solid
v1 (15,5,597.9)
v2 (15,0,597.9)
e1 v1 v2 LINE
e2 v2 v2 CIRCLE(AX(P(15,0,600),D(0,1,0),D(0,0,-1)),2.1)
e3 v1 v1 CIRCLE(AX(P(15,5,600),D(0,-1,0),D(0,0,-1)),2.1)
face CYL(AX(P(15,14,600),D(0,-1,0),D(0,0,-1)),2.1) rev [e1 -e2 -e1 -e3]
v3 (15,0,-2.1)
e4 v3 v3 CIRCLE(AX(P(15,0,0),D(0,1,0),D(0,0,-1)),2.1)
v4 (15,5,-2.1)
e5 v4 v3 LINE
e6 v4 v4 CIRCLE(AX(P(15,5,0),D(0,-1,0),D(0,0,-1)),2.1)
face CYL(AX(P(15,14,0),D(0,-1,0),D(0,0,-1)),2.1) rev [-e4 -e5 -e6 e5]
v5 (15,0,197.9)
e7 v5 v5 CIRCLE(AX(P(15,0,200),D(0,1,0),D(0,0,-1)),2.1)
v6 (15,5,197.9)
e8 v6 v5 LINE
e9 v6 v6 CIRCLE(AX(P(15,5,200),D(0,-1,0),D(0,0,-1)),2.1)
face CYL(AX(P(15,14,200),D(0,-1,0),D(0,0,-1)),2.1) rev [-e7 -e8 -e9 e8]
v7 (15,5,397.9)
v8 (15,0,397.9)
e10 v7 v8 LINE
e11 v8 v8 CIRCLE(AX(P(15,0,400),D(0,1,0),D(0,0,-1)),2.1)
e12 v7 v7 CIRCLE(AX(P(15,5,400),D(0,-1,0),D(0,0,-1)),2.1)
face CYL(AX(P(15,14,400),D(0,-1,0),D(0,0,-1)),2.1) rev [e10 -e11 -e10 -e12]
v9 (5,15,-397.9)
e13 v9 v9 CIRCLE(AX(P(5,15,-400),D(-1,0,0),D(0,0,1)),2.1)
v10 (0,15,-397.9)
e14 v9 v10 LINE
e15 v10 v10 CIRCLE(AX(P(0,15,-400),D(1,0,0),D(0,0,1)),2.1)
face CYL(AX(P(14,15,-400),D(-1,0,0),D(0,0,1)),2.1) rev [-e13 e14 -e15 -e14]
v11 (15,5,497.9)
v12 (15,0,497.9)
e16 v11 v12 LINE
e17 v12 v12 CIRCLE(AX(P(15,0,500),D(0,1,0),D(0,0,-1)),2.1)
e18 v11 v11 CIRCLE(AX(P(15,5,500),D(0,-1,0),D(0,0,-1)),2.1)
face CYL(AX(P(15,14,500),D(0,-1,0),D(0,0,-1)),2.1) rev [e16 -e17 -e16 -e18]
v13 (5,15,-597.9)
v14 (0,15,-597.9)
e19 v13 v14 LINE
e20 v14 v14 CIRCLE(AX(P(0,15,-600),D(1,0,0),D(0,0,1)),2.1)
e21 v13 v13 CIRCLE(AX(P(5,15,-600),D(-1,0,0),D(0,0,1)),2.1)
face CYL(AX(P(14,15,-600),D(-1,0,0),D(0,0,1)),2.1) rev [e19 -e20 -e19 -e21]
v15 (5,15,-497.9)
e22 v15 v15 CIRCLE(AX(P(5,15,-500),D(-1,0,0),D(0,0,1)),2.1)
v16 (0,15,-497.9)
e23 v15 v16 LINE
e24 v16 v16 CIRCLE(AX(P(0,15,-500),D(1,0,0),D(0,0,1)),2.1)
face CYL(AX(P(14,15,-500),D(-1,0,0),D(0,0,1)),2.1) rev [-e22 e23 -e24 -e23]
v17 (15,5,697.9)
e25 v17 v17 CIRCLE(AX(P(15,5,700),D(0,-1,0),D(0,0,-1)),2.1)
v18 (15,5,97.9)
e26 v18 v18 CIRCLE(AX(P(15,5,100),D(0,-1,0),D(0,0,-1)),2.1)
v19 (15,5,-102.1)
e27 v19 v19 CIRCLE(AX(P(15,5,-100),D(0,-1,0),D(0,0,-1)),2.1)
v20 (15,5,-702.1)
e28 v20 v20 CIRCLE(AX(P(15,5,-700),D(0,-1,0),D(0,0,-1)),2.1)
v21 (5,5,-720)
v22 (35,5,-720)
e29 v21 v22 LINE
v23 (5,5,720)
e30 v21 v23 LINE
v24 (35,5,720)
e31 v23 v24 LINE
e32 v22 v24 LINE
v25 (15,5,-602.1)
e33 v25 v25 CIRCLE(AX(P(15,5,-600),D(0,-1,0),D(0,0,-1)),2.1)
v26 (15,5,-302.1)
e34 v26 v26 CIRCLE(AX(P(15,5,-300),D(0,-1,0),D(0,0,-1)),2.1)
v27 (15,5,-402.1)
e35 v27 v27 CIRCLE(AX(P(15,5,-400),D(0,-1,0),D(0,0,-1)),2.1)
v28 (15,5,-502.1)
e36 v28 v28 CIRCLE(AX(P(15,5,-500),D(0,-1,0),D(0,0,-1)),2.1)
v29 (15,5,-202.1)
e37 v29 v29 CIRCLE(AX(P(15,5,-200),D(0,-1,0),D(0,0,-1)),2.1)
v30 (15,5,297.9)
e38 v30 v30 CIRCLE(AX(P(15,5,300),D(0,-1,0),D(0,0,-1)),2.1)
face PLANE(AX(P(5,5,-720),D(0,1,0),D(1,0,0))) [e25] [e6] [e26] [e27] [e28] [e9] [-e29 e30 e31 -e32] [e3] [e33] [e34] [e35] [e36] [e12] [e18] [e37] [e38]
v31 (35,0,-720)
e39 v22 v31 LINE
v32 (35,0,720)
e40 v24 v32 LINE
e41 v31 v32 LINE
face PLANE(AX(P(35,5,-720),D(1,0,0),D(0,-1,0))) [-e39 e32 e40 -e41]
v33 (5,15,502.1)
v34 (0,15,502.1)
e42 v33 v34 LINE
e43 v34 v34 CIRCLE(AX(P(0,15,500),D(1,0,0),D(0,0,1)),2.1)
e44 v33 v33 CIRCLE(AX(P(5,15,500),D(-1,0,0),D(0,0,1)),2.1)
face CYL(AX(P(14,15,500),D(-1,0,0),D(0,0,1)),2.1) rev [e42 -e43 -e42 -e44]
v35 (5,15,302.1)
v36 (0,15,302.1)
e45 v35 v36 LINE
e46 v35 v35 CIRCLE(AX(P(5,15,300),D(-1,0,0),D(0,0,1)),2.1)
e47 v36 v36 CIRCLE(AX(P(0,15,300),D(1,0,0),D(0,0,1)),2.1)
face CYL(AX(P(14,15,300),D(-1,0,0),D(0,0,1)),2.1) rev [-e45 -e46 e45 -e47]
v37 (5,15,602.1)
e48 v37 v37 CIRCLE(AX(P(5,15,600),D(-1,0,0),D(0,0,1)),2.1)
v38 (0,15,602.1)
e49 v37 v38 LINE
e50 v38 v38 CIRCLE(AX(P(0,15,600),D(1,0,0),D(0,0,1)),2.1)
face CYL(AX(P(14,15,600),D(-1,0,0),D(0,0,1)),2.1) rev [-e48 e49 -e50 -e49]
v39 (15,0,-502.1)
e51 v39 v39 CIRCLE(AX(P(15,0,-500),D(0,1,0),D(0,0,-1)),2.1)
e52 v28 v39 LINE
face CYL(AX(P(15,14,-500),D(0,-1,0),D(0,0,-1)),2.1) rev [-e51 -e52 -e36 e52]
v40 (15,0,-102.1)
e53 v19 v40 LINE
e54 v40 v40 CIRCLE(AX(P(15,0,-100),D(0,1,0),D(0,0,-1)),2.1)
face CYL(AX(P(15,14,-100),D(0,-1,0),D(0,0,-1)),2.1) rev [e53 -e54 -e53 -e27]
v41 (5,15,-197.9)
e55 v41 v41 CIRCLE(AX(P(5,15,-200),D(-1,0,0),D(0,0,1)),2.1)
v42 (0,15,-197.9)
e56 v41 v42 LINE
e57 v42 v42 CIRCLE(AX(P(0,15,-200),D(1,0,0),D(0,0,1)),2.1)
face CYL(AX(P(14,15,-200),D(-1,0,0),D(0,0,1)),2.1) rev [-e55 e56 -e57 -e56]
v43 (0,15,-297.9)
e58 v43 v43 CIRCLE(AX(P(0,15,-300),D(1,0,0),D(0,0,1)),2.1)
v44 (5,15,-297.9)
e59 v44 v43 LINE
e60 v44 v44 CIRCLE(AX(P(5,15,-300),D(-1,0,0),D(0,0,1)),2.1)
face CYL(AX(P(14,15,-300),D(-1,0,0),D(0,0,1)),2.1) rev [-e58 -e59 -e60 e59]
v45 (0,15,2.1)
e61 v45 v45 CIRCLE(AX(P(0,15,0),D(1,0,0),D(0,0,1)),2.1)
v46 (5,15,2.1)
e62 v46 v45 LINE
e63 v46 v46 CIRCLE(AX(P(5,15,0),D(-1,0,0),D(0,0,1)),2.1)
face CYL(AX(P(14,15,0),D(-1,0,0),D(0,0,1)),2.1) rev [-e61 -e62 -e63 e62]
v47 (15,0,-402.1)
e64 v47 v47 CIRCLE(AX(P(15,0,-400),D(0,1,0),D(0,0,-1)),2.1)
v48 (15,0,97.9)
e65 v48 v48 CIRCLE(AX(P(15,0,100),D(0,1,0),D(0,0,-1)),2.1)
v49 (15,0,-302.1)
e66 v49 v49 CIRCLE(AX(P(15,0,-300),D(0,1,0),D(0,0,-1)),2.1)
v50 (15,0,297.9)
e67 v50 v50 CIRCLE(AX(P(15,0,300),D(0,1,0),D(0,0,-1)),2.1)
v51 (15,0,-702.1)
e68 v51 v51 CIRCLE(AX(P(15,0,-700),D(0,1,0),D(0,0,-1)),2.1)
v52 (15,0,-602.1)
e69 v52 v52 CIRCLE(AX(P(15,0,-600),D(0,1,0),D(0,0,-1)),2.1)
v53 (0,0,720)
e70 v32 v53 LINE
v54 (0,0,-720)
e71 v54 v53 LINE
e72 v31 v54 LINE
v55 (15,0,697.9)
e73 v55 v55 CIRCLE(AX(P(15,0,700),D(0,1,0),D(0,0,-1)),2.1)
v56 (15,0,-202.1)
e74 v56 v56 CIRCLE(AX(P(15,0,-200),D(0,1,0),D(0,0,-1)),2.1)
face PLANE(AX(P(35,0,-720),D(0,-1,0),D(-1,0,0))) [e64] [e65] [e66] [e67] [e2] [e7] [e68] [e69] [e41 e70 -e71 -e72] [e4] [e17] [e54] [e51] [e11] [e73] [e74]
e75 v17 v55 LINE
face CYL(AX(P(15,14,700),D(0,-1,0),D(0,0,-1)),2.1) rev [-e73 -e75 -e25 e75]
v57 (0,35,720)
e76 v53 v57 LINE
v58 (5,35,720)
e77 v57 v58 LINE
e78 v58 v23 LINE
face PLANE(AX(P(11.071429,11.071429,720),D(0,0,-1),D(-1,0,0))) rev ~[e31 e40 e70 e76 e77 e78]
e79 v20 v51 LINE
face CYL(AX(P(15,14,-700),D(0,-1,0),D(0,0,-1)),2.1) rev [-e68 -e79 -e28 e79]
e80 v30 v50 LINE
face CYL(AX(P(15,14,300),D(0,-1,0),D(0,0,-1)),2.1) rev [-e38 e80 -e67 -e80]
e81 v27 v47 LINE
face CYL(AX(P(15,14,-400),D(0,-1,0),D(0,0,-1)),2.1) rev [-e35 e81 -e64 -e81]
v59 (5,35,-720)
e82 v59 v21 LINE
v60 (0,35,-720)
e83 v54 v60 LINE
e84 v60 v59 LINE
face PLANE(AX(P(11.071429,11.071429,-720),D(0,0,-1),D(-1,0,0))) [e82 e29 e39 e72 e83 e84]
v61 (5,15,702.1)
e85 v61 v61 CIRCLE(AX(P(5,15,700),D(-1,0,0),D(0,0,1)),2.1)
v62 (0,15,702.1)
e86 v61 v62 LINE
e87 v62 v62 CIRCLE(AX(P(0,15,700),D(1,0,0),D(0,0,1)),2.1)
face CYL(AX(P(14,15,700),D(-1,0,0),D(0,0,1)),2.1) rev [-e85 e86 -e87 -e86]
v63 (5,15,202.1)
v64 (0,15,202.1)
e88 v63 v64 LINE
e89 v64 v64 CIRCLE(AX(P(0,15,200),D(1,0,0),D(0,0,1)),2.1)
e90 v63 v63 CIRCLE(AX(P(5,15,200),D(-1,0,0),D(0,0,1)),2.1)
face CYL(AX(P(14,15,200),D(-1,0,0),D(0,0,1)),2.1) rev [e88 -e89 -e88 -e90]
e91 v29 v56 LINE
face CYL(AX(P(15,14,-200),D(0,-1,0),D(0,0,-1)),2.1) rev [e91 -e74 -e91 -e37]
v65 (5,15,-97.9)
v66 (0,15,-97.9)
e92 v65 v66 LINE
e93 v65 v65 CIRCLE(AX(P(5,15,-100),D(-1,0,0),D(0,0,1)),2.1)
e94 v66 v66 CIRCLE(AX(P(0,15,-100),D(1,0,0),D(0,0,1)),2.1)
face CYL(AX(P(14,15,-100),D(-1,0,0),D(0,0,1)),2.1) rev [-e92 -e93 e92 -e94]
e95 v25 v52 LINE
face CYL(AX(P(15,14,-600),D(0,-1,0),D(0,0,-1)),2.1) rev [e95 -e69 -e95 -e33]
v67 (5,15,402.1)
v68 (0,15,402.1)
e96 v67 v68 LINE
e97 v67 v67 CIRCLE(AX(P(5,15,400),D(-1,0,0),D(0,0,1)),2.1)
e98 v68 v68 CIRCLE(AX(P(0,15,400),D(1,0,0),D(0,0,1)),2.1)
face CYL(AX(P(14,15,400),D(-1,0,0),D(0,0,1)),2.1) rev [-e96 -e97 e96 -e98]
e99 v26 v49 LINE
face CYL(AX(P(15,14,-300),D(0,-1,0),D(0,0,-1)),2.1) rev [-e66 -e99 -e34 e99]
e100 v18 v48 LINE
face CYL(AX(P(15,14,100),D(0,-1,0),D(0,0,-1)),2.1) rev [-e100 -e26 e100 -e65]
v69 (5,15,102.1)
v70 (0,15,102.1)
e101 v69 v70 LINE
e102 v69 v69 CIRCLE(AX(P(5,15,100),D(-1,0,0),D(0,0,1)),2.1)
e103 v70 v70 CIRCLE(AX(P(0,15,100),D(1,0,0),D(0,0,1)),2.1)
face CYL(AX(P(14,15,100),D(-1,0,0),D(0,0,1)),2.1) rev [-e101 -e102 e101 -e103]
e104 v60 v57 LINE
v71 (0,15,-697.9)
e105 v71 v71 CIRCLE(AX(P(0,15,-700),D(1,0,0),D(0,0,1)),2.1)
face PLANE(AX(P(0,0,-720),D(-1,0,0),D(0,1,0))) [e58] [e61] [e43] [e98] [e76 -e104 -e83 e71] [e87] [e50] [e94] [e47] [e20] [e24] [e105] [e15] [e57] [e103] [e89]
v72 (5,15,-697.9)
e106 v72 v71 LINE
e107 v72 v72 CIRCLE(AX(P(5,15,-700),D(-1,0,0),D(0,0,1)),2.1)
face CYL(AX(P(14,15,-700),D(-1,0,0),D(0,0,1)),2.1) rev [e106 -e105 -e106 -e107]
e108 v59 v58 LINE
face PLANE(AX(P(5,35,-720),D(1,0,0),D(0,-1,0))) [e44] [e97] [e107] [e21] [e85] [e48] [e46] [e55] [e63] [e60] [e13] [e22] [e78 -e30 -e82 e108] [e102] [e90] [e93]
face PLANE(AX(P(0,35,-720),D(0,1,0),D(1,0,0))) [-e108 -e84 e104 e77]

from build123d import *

# Parameters (mm, degrees)
AUFSATZ_LINEAR_AUSTRAGEN1_DEPTH      = 720
AUFSATZ_LINEAR_AUSTRAGEN1_DEPTH_BACK = 720
LINEARES_MUSTER1_COUNT               = 15
LINEARES_MUSTER1_PITCH               = 100
LINEARES_MUSTER2_COUNT               = 15
LINEARES_MUSTER2_PITCH               = 100


with BuildPart() as part:
    # Skizze1 → Aufsatz-Linear austragen1 (new, two sides: drawn at the far end of the back side and taken through both)
    with BuildSketch(Plane.XY.offset(-AUFSATZ_LINEAR_AUSTRAGEN1_DEPTH_BACK)):
        Polygon((0, 0), (0, 35), (5, 35), (5, 5), (35, 5), (35, 0), align=None)
    extrude(amount=AUFSATZ_LINEAR_AUSTRAGEN1_DEPTH + AUFSATZ_LINEAR_AUSTRAGEN1_DEPTH_BACK)

    # Skizze2 → M5 Gewindebohrung1 (revolve, cut)
    with BuildSketch(Plane(origin=(15, 0, 700), x_dir=(0, 0, -1), z_dir=(1, 0, 0))):
        Polygon((0, 0), (0, 15.2618073), (2.1, 14), (2.1, 0), align=None)
    m5_gewindebohrung1 = revolve(axis=Axis((15, -6.35, 700), (0, 1, 0)), mode=Mode.SUBTRACT)

    # Lineares Muster1: M5 Gewindebohrung1 ×15
    with Locations(*[(0, 0, -i * LINEARES_MUSTER1_PITCH) for i in range(1, LINEARES_MUSTER1_COUNT)]):
        add(m5_gewindebohrung1, mode=Mode.SUBTRACT)

    # Skizze4 → M5 Gewindebohrung2 (revolve, cut)
    with BuildSketch(Plane(origin=(0, 15, 700), x_dir=(0, 0, 1), z_dir=(0, 1, 0))):
        Polygon((0, 0), (0, 15.2618073), (2.1, 14), (2.1, 0), align=None)
    m5_gewindebohrung2 = revolve(axis=Axis((-6.35, 15, 700), (1, 0, 0)), mode=Mode.SUBTRACT)

    # Lineares Muster2: M5 Gewindebohrung2 ×15
    with Locations(*[(0, 0, -i * LINEARES_MUSTER2_PITCH) for i in range(1, LINEARES_MUSTER2_COUNT)]):
        add(m5_gewindebohrung2, mode=Mode.SUBTRACT)


solid = part.part
